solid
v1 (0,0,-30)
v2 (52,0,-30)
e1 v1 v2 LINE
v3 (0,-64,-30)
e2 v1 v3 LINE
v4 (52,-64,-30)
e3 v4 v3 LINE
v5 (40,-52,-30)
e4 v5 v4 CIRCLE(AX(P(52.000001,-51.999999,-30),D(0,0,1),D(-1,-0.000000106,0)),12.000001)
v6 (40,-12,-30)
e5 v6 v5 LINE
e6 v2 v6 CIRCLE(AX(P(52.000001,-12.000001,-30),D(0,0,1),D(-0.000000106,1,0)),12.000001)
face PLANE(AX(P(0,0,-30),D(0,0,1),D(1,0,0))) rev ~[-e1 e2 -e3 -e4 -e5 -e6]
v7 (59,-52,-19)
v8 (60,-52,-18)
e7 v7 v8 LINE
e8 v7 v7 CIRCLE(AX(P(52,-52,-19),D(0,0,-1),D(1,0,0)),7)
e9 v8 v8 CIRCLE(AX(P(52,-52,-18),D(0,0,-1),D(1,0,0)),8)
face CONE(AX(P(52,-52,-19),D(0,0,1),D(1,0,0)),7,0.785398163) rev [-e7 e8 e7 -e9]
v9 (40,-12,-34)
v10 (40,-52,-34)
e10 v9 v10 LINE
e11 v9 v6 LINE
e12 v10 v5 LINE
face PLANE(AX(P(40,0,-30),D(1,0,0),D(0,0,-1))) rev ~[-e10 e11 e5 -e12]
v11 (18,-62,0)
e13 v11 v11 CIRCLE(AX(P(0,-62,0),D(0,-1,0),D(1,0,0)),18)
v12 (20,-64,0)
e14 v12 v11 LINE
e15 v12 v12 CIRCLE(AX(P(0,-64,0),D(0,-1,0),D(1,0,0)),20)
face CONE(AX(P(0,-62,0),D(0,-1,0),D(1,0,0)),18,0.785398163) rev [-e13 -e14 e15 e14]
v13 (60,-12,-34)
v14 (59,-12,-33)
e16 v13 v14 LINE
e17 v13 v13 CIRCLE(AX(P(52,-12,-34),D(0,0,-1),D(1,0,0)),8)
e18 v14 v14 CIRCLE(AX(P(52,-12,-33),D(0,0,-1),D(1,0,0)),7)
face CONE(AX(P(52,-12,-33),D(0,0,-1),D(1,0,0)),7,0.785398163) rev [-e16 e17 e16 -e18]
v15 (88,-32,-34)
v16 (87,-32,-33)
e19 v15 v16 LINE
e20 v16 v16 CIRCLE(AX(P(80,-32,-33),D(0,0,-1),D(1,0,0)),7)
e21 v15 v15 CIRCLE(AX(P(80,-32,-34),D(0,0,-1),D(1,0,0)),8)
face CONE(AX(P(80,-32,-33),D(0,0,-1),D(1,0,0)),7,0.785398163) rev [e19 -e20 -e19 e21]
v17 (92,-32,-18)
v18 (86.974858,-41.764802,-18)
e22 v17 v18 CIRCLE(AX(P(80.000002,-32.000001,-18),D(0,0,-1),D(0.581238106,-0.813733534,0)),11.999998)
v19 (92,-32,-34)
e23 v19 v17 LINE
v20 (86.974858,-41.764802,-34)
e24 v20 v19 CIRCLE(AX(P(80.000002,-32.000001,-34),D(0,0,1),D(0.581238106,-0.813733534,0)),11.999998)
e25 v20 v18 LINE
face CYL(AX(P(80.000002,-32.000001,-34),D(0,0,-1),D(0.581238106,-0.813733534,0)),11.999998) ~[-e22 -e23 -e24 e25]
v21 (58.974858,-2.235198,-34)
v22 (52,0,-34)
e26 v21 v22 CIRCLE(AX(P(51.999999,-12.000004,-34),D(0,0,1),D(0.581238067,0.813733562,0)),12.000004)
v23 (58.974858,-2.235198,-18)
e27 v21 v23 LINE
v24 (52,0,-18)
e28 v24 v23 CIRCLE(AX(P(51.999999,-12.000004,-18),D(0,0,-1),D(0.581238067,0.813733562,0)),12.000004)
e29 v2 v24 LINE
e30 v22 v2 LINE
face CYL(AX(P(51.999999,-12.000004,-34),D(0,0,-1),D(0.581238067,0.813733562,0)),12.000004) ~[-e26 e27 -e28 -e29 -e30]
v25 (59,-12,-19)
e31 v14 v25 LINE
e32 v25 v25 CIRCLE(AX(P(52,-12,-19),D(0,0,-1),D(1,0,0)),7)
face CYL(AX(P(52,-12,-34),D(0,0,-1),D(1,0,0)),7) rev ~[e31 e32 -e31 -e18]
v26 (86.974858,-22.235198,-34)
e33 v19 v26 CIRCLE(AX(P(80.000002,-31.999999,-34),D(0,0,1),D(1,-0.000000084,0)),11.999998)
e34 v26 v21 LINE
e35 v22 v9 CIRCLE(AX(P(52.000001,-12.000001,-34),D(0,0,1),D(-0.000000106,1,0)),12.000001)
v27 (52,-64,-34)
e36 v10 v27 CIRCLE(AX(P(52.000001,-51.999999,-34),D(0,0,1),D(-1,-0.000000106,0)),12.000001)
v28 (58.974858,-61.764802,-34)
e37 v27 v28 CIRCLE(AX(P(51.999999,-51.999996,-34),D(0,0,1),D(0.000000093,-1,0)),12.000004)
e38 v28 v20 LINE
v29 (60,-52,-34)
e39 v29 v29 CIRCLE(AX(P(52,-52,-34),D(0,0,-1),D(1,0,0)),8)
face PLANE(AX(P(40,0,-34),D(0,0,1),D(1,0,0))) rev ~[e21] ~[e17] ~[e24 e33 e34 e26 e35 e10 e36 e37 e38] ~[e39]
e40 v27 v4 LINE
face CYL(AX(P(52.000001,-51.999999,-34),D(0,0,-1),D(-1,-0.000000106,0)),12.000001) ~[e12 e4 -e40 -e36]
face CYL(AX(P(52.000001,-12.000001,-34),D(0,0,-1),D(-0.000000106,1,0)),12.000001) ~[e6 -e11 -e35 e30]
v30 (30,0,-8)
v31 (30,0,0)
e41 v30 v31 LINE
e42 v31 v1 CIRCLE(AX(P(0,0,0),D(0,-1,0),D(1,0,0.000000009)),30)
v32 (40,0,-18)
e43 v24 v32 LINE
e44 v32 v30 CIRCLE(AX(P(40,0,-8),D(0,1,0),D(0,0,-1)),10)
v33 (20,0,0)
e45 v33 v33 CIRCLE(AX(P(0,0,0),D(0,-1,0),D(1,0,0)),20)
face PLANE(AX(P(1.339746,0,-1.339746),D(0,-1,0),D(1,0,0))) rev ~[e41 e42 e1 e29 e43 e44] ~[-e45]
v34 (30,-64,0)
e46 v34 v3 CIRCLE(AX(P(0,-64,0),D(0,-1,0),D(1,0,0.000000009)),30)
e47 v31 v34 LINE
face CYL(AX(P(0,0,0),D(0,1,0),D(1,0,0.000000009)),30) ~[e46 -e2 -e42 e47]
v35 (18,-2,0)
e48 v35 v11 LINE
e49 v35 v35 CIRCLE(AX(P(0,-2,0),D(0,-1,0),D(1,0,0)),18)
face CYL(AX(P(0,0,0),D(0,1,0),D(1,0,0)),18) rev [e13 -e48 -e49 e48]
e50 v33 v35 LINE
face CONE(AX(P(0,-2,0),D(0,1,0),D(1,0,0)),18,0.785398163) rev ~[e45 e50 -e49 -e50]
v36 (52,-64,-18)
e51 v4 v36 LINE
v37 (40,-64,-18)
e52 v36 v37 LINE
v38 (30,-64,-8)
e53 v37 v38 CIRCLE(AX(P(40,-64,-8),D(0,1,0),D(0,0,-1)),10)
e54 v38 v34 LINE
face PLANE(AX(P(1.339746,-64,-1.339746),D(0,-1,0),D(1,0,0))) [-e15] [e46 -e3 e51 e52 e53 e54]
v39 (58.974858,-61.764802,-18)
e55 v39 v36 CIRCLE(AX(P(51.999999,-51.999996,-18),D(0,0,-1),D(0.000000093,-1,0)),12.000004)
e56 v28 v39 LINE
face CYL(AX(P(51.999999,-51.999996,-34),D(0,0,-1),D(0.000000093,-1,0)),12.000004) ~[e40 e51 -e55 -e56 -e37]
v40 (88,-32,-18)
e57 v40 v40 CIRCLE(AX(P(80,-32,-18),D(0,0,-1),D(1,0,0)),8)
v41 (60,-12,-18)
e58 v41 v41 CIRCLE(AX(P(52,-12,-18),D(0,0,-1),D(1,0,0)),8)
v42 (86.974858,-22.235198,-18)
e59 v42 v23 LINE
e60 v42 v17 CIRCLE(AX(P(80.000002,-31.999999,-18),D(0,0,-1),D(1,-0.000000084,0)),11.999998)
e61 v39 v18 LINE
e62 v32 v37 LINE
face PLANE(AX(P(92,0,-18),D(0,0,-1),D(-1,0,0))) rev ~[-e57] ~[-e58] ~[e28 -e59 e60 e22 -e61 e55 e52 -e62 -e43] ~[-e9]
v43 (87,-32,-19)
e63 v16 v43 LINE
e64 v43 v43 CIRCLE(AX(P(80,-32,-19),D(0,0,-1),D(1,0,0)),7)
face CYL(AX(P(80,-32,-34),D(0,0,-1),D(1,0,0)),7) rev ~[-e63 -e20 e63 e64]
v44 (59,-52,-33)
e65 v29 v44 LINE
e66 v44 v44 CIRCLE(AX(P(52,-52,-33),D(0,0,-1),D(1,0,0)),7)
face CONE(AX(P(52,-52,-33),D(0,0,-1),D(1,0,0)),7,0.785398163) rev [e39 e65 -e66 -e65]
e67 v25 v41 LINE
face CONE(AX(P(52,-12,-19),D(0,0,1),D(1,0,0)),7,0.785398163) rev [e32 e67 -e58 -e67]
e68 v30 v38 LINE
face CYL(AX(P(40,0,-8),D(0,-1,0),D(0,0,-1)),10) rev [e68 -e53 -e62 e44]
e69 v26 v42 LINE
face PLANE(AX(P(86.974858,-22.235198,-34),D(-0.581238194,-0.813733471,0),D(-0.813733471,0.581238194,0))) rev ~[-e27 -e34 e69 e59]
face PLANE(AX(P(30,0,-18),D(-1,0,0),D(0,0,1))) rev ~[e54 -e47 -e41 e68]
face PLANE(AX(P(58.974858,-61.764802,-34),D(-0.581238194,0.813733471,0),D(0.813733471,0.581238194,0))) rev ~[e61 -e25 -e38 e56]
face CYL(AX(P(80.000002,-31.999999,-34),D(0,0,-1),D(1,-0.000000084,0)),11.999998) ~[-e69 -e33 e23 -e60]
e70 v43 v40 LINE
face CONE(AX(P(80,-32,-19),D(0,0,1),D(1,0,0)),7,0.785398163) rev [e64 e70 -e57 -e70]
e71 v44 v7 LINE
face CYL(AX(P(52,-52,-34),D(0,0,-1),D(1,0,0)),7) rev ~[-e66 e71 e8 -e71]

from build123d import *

# Parameters (mm, degrees)
F0_R     = 18
F1_DEPTH = 64
F2_R     = 7
F3_DEPTH = 25
F4_DEPTH = 4
F5_SIZE2 = 1
F5_SIZE  = 1
F6_SIZE2 = 2
F6_SIZE  = 2
F7_R     = 10


with BuildPart() as f1:
    # F0 (on Front) → F1 (new body)
    with BuildSketch(Plane.XZ):
        with BuildLine():
            ThreePointArc((0, -30), (21.213203, -21.213203), (30, 0))
            ThreePointArc((30, 0), (-21.213203, 21.213203), (0, -30))
        make_face()
        Circle(F0_R, mode=Mode.SUBTRACT)
        with BuildLine():
            Line((30, -18), (30, 0))
            ThreePointArc((30, 0), (21.213203, -21.213203), (0, -30))
            Line((0, -30), (40, -30))
            Line((40, -30), (40, -34))
            Line((40, -34), (52, -34))
            Line((52, -34), (80, -34))
            Line((80, -34), (92, -34))
            Line((92, -34), (92, -18))
            Line((92, -18), (30, -18))
        make_face()
    extrude(amount=F1_DEPTH)

    # F2 (on face) → F3 (cut)
    with BuildSketch(Plane(origin=(0, 0, -34), x_dir=(1, 0, 0), z_dir=(0, 0, -1))):
        with BuildLine():
            ThreePointArc((52, 64), (55.662129, 63.427546), (58.974858, 61.764802))
            Line((58.974858, 61.764802), (86.974858, 41.764802))
            ThreePointArc((86.974858, 41.764802), (90.670012, 37.490979), (92, 32))
            Line((92, 32), (92, 64))
            Line((92, 64), (52, 64))
        make_face()
        with BuildLine():
            Line((92, 0), (92, 32))
            ThreePointArc((92, 32), (90.670012, 26.509021), (86.974858, 22.235198))
            Line((86.974858, 22.235198), (58.974858, 2.235198))
            ThreePointArc((58.974858, 2.235198), (55.662129, 0.572454), (52, 0))
            Line((52, 0), (92, 0))
        make_face()
        with Locations((52, 52)):
            Circle(F2_R)
        with Locations((52, 12)):
            Circle(F2_R)
        with Locations((80, 32)):
            Circle(F2_R)
    extrude(amount=-F3_DEPTH, mode=Mode.SUBTRACT)

    # F2 (on face) → F4 (cut)
    with BuildSketch(Plane(origin=(0, 0, -34), x_dir=(1, 0, 0), z_dir=(0, 0, -1))):
        with BuildLine():
            ThreePointArc((40, 52), (43.514719, 60.485281), (52, 64))
            Line((52, 64), (40, 64))
            Line((40, 64), (40, 52))
        make_face()
        with BuildLine():
            ThreePointArc((52, 0), (43.514719, 3.514719), (40, 12))
            Line((40, 12), (40, 0))
            Line((40, 0), (52, 0))
        make_face()
    extrude(amount=-F4_DEPTH, mode=Mode.SUBTRACT)

    # F5
    f5_edges = [f1.edges().sort_by_distance(p)[0] for p in [
        (45, -12, -18),
        (73, -32, -18),
        (45, -52, -18),
        (45, -52, -34),
        (73, -32, -34),
        (45, -12, -34),
    ]]
    chamfer(f5_edges, length=F5_SIZE, length2=F5_SIZE2)

    # F6
    f6_edges = [f1.edges().sort_by_distance(p)[0] for p in [
        (-18, 0, 0),
        (-18, -64, 0),
    ]]
    chamfer(f6_edges, length=F6_SIZE, length2=F6_SIZE2)

    # F7
    f7_edges = [f1.edges().sort_by_distance(p)[0] for p in [
        (30, -32, -18),
    ]]
    fillet(f7_edges, radius=F7_R)


solid = f1.part
